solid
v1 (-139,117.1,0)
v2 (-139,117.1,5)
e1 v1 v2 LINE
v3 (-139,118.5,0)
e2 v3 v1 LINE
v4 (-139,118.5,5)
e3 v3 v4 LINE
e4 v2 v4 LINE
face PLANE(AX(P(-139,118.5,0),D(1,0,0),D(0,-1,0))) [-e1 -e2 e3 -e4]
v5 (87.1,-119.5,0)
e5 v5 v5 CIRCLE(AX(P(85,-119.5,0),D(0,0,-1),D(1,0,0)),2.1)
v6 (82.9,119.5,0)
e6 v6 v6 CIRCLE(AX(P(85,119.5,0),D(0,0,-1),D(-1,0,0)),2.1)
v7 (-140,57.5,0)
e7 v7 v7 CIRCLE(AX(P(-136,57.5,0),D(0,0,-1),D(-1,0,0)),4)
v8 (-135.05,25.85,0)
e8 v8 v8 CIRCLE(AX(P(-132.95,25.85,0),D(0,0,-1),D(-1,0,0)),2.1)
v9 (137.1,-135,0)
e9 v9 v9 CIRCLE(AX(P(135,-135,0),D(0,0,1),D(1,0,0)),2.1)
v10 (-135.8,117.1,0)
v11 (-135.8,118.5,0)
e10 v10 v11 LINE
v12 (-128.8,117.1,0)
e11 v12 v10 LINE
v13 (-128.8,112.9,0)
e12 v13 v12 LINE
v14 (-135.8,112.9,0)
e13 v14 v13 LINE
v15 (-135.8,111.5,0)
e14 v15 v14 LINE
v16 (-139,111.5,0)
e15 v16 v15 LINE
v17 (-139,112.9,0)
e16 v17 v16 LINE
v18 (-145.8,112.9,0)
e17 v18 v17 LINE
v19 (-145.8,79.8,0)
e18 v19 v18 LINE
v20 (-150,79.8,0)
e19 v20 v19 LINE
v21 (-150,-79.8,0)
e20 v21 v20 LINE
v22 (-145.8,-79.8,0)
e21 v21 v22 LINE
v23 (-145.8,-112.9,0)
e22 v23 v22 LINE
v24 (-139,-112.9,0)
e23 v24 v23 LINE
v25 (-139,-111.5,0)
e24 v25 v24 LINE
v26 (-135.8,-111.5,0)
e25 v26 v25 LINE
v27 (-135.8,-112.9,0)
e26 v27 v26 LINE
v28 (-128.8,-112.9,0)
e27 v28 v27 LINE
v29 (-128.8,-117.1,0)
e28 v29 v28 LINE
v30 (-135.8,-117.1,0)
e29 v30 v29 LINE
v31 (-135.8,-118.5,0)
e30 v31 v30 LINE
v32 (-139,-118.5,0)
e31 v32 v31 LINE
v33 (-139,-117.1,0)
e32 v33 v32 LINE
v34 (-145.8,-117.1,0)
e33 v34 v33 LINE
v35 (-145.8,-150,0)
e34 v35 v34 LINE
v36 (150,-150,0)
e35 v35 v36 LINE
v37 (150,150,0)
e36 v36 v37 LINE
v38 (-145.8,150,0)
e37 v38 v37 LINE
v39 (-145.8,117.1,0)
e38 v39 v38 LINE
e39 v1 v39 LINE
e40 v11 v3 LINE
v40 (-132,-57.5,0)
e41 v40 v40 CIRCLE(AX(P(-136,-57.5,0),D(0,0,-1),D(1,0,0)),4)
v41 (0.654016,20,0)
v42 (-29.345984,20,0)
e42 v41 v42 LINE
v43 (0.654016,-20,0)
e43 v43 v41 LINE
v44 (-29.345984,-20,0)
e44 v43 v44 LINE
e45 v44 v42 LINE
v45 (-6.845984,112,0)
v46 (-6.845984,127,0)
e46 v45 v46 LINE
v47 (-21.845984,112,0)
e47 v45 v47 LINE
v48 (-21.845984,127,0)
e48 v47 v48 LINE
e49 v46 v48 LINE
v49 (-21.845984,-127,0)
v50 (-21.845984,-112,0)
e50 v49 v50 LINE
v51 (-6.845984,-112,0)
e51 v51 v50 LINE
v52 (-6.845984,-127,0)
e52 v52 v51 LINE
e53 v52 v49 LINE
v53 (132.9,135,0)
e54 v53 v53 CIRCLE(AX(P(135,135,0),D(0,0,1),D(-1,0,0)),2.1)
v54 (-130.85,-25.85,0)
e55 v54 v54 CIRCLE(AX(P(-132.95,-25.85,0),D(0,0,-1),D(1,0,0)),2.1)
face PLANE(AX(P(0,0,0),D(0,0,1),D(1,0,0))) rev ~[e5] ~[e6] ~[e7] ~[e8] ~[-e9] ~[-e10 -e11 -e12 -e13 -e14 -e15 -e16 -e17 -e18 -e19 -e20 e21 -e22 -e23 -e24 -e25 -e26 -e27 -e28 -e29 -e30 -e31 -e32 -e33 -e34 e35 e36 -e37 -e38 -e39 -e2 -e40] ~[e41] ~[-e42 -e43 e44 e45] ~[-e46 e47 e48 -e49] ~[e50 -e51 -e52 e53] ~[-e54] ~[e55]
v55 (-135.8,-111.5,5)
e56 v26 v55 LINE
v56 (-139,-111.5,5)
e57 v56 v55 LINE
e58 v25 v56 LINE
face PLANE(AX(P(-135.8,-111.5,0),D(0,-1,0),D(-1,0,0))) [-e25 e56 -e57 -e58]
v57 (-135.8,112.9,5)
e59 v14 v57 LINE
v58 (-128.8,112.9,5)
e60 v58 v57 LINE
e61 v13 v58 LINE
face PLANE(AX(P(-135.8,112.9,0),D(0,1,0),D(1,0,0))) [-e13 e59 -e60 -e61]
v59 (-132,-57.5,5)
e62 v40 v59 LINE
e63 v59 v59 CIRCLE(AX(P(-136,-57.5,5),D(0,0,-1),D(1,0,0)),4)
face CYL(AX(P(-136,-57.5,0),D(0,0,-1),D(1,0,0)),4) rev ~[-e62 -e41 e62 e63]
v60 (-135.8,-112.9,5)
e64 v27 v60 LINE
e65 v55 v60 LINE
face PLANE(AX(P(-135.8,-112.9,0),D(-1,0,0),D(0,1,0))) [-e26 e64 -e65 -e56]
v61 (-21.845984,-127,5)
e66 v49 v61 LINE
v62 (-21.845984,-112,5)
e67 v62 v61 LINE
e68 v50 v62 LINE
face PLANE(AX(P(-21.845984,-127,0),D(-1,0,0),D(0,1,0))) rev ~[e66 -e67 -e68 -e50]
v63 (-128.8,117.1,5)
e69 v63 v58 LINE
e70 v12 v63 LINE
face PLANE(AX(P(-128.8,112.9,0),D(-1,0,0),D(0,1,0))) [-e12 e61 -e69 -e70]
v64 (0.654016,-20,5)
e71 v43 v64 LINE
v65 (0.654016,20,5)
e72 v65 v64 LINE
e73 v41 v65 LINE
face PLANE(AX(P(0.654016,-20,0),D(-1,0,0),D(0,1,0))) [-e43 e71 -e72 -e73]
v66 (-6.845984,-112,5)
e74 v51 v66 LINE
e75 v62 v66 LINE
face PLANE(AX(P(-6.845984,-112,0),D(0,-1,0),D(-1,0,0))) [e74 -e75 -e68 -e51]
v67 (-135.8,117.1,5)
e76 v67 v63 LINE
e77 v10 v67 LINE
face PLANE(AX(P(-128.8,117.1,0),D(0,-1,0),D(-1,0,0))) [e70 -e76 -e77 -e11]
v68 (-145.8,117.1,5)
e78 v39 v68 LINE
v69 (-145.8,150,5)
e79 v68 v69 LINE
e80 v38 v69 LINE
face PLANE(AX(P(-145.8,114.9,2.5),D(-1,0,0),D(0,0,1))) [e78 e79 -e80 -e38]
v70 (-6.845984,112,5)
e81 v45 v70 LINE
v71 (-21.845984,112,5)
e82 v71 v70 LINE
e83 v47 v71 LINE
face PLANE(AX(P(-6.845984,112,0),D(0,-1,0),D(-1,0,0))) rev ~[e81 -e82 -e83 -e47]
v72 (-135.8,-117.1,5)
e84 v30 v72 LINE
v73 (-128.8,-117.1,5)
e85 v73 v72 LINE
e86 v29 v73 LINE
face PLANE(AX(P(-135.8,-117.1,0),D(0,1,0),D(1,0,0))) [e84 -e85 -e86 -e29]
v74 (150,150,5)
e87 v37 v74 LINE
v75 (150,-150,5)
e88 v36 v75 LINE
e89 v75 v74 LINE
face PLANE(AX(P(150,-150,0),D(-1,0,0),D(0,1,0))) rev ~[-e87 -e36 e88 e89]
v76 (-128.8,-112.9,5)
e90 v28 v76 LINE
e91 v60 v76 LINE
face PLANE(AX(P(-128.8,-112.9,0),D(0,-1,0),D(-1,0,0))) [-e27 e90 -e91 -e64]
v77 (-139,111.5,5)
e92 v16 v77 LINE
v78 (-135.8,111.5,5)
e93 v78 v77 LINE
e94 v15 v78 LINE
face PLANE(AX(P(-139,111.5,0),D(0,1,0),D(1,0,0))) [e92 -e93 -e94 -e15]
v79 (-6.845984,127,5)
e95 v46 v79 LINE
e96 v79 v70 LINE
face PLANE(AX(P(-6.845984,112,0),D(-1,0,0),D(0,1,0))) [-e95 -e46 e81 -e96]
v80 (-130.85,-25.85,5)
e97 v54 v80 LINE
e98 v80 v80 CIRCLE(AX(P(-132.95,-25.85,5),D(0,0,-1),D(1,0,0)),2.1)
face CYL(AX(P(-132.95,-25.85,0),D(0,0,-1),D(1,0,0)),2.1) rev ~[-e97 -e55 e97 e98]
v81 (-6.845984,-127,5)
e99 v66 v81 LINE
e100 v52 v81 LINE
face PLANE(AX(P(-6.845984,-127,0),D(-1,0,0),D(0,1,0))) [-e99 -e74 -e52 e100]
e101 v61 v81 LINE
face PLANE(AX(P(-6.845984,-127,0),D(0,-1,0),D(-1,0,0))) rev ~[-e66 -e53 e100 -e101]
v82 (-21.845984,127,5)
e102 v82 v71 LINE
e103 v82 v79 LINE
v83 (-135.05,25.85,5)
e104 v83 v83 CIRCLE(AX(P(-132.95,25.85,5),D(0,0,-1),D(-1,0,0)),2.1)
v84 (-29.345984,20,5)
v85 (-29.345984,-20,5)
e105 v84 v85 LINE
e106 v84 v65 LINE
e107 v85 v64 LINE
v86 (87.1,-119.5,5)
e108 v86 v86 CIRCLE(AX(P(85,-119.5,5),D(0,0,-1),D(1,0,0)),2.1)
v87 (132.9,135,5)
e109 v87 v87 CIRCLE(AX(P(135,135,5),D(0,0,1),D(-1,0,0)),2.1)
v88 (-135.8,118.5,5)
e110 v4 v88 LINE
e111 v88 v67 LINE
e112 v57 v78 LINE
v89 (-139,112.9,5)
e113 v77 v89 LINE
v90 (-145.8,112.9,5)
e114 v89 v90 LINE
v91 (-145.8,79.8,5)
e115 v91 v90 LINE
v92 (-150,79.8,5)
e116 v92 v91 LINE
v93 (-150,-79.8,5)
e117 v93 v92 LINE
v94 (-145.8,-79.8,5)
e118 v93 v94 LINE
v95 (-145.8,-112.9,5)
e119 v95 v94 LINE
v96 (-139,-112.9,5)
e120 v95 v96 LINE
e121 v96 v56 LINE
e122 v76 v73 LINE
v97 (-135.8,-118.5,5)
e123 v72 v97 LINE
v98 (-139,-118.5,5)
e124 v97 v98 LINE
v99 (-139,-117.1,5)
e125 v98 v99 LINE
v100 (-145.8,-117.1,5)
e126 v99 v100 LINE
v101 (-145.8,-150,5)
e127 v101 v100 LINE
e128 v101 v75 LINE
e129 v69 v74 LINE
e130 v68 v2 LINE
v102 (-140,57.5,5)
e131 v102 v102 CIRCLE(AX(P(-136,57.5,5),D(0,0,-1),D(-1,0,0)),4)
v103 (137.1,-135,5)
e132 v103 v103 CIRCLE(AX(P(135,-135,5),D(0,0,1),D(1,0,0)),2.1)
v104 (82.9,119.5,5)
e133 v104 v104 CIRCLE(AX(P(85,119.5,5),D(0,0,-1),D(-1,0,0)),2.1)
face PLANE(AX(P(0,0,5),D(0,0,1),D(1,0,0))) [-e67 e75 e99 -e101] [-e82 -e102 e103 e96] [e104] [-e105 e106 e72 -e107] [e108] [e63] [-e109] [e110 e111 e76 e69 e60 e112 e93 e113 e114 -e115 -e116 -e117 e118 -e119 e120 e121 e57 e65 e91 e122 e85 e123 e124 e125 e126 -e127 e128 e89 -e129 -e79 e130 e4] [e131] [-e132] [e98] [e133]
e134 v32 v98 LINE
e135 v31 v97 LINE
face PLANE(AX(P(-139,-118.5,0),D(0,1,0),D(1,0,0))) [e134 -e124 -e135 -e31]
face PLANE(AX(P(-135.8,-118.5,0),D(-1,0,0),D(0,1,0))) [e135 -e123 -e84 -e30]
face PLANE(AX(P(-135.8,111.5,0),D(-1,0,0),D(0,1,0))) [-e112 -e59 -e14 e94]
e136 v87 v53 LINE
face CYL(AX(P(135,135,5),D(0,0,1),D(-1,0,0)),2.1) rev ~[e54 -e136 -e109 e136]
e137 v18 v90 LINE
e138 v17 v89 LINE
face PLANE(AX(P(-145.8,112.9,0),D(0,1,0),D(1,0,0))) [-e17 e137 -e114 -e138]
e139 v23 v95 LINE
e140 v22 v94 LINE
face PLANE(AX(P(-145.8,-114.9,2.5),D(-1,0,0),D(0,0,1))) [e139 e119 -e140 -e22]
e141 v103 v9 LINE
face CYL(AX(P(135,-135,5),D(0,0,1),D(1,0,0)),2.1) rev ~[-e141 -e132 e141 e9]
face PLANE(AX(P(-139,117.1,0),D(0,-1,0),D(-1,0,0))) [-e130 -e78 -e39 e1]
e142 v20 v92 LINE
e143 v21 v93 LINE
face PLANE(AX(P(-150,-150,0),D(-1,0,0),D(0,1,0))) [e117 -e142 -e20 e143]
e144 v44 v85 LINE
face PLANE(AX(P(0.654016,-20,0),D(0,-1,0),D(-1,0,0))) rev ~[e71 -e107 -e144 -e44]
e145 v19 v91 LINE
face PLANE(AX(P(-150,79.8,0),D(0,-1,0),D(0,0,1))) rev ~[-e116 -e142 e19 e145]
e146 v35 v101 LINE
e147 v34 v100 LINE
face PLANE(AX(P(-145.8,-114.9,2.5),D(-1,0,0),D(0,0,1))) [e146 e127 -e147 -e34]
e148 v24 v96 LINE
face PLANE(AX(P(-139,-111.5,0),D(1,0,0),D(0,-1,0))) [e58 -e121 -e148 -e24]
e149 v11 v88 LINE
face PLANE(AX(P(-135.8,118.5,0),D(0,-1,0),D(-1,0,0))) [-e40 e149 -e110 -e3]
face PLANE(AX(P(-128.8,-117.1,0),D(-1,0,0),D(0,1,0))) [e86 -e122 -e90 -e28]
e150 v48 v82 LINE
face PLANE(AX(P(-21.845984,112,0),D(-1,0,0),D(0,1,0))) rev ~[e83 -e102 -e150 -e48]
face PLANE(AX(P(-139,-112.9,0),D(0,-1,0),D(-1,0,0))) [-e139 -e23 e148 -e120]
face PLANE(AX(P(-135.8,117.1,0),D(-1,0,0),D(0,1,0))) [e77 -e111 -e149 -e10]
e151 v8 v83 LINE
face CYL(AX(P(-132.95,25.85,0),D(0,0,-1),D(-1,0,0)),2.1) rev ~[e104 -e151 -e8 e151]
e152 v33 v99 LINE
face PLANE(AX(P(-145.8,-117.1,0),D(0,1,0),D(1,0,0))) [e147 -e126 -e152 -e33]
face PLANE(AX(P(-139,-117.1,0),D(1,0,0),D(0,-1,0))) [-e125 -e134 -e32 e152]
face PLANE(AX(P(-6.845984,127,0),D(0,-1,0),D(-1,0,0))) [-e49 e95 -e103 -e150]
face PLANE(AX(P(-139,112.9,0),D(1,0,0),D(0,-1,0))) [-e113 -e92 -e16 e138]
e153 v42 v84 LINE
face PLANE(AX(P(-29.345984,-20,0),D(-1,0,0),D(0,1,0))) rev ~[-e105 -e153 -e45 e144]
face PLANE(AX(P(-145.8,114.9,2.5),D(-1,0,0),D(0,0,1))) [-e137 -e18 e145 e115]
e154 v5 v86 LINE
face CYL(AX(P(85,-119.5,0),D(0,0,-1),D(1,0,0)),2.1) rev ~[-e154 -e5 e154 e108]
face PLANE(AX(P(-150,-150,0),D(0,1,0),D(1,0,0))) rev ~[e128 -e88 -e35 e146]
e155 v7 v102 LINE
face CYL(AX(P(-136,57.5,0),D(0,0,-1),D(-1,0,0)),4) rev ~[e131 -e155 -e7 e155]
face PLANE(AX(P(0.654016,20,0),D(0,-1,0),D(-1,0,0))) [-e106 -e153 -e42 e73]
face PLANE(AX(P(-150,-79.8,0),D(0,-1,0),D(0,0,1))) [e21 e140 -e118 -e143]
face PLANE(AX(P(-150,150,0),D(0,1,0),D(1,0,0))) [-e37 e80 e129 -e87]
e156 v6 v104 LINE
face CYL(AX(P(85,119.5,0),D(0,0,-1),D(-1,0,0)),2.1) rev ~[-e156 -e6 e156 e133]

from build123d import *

# Parameters (mm, degrees)
ESQUISSE1_W              = 300
ESQUISSE1_H              = 300
BOSS_EXTRU_1_DEPTH       = 5
ESQUISSE4_W              = 5
ESQUISSE4_H              = 70.2
ENL_V_MAT_EXTRU_3_DEPTH  = 4.2
ESQUISSE7_R              = 2.1
ENL_V_MAT_EXTRU_6_DEPTH  = 213.190951739
ESQUISSE8_W              = 30
ESQUISSE8_H              = 40
ENL_V_MAT_EXTRU_7_DEPTH  = 213.190951739
ESQUISSE9_R              = 4
ENL_V_MAT_EXTRU_8_DEPTH  = 213.190951739
ESQUISSE10_R             = 2.1
ENL_V_MAT_EXTRU_9_DEPTH  = 213.190951739
ESQUISSE11_W             = 15
ESQUISSE11_H             = 15
ENL_V_MAT_EXTRU_10_DEPTH = 213.190951739
ENL_V_MAT_EXTRU_11_DEPTH = 213.190951739
ESQUISSE13_R             = 2.1
ENL_V_MAT_EXTRU_12_DEPTH = 213.190951739


with BuildPart() as part:
    # Esquisse1 → Boss.-Extru.1 (new body)
    with BuildSketch(Plane.XY):
        Rectangle(ESQUISSE1_W, ESQUISSE1_H)
    extrude(amount=BOSS_EXTRU_1_DEPTH)

    # Esquisse4 → Enlèv. mat.-Extru.3 (cut)
    with BuildSketch(Plane.ZY.offset(150)):
        with Locations((2.5, 114.9)):
            Rectangle(ESQUISSE4_W, ESQUISSE4_H)
        with Locations((2.5, -114.9)):
            Rectangle(ESQUISSE4_W, ESQUISSE4_H)
    extrude(amount=-ENL_V_MAT_EXTRU_3_DEPTH, mode=Mode.SUBTRACT)

    # Esquisse7 → Enlèv. mat.-Extru.6 (cut, through all)
    with BuildSketch(Plane.XY.offset(5)):
        with Locations((135, -135)):
            Circle(ESQUISSE7_R)
        with Locations(Location((135, 135, 0), (0, 0, 180))):
            Circle(ESQUISSE7_R)
    extrude(amount=-ENL_V_MAT_EXTRU_6_DEPTH, mode=Mode.SUBTRACT)

    # Esquisse8 → Enlèv. mat.-Extru.7 (cut, through all)
    with BuildSketch(Plane(origin=(0, 0, 0), x_dir=(-1, 0, 0), z_dir=(0, 0, -1))):
        with Locations((14.345984425, 0)):
            Rectangle(ESQUISSE8_W, ESQUISSE8_H)
    extrude(amount=-ENL_V_MAT_EXTRU_7_DEPTH, mode=Mode.SUBTRACT)

    # Esquisse9 → Enlèv. mat.-Extru.8 (cut, through all)
    with BuildSketch(Plane(origin=(0, 0, 0), x_dir=(-1, 0, 0), z_dir=(0, 0, -1))):
        with Locations((136, 57.5)):
            Circle(ESQUISSE9_R)
        with Locations(Location((136, -57.5, 0), (0, 0, 180))):
            Circle(ESQUISSE9_R)
    extrude(amount=-ENL_V_MAT_EXTRU_8_DEPTH, mode=Mode.SUBTRACT)

    # Esquisse10 → Enlèv. mat.-Extru.9 (cut, through all)
    with BuildSketch(Plane(origin=(0, 0, 0), x_dir=(-1, 0, 0), z_dir=(0, 0, -1))):
        with Locations((-85, 119.5)):
            Circle(ESQUISSE10_R)
        with Locations(Location((-85, -119.5, 0), (0, 0, 180))):
            Circle(ESQUISSE10_R)
    extrude(amount=-ENL_V_MAT_EXTRU_9_DEPTH, mode=Mode.SUBTRACT)

    # Esquisse11 → Enlèv. mat.-Extru.10 (cut, through all)
    with BuildSketch(Plane(origin=(0, 0, 0), x_dir=(-1, 0, 0), z_dir=(0, 0, -1))):
        with Locations((14.345984425, 119.5)):
            Rectangle(ESQUISSE11_W, ESQUISSE11_H)
        with Locations((14.345984425, -119.5)):
            Rectangle(ESQUISSE11_W, ESQUISSE11_H)
    extrude(amount=-ENL_V_MAT_EXTRU_10_DEPTH, mode=Mode.SUBTRACT)

    # Esquisse12 → Enlèv. mat.-Extru.11 (cut, through all)
    with BuildSketch(Plane(origin=(0, 0, 0), x_dir=(-1, 0, 0), z_dir=(0, 0, -1))):
        Polygon((145.8, -115), (145.8, -117.1), (139, -117.1), (139, -118.5), (135.8, -118.5), (135.8, -117.1), (128.8, -117.1), (128.8, -112.9), (135.8, -112.9), (135.8, -111.5), (139, -111.5), (139, -112.9), (145.8, -112.9), align=None)
        Polygon((145.8, 115), (145.8, 112.9), (139, 112.9), (139, 111.5), (135.8, 111.5), (135.8, 112.9), (128.8, 112.9), (128.8, 117.1), (135.8, 117.1), (135.8, 118.5), (139, 118.5), (139, 117.1), (145.8, 117.1), align=None)
    extrude(amount=-ENL_V_MAT_EXTRU_11_DEPTH, mode=Mode.SUBTRACT)

    # Esquisse13 → Enlèv. mat.-Extru.12 (cut, through all)
    with BuildSketch(Plane(origin=(0, 0, 0), x_dir=(-1, 0, 0), z_dir=(0, 0, -1))):
        with Locations((132.95, 25.85)):
            Circle(ESQUISSE13_R)
        with Locations(Location((132.95, -25.85, 0), (0, 0, 180))):
            Circle(ESQUISSE13_R)
    extrude(amount=-ENL_V_MAT_EXTRU_12_DEPTH, mode=Mode.SUBTRACT)


solid = part.part
